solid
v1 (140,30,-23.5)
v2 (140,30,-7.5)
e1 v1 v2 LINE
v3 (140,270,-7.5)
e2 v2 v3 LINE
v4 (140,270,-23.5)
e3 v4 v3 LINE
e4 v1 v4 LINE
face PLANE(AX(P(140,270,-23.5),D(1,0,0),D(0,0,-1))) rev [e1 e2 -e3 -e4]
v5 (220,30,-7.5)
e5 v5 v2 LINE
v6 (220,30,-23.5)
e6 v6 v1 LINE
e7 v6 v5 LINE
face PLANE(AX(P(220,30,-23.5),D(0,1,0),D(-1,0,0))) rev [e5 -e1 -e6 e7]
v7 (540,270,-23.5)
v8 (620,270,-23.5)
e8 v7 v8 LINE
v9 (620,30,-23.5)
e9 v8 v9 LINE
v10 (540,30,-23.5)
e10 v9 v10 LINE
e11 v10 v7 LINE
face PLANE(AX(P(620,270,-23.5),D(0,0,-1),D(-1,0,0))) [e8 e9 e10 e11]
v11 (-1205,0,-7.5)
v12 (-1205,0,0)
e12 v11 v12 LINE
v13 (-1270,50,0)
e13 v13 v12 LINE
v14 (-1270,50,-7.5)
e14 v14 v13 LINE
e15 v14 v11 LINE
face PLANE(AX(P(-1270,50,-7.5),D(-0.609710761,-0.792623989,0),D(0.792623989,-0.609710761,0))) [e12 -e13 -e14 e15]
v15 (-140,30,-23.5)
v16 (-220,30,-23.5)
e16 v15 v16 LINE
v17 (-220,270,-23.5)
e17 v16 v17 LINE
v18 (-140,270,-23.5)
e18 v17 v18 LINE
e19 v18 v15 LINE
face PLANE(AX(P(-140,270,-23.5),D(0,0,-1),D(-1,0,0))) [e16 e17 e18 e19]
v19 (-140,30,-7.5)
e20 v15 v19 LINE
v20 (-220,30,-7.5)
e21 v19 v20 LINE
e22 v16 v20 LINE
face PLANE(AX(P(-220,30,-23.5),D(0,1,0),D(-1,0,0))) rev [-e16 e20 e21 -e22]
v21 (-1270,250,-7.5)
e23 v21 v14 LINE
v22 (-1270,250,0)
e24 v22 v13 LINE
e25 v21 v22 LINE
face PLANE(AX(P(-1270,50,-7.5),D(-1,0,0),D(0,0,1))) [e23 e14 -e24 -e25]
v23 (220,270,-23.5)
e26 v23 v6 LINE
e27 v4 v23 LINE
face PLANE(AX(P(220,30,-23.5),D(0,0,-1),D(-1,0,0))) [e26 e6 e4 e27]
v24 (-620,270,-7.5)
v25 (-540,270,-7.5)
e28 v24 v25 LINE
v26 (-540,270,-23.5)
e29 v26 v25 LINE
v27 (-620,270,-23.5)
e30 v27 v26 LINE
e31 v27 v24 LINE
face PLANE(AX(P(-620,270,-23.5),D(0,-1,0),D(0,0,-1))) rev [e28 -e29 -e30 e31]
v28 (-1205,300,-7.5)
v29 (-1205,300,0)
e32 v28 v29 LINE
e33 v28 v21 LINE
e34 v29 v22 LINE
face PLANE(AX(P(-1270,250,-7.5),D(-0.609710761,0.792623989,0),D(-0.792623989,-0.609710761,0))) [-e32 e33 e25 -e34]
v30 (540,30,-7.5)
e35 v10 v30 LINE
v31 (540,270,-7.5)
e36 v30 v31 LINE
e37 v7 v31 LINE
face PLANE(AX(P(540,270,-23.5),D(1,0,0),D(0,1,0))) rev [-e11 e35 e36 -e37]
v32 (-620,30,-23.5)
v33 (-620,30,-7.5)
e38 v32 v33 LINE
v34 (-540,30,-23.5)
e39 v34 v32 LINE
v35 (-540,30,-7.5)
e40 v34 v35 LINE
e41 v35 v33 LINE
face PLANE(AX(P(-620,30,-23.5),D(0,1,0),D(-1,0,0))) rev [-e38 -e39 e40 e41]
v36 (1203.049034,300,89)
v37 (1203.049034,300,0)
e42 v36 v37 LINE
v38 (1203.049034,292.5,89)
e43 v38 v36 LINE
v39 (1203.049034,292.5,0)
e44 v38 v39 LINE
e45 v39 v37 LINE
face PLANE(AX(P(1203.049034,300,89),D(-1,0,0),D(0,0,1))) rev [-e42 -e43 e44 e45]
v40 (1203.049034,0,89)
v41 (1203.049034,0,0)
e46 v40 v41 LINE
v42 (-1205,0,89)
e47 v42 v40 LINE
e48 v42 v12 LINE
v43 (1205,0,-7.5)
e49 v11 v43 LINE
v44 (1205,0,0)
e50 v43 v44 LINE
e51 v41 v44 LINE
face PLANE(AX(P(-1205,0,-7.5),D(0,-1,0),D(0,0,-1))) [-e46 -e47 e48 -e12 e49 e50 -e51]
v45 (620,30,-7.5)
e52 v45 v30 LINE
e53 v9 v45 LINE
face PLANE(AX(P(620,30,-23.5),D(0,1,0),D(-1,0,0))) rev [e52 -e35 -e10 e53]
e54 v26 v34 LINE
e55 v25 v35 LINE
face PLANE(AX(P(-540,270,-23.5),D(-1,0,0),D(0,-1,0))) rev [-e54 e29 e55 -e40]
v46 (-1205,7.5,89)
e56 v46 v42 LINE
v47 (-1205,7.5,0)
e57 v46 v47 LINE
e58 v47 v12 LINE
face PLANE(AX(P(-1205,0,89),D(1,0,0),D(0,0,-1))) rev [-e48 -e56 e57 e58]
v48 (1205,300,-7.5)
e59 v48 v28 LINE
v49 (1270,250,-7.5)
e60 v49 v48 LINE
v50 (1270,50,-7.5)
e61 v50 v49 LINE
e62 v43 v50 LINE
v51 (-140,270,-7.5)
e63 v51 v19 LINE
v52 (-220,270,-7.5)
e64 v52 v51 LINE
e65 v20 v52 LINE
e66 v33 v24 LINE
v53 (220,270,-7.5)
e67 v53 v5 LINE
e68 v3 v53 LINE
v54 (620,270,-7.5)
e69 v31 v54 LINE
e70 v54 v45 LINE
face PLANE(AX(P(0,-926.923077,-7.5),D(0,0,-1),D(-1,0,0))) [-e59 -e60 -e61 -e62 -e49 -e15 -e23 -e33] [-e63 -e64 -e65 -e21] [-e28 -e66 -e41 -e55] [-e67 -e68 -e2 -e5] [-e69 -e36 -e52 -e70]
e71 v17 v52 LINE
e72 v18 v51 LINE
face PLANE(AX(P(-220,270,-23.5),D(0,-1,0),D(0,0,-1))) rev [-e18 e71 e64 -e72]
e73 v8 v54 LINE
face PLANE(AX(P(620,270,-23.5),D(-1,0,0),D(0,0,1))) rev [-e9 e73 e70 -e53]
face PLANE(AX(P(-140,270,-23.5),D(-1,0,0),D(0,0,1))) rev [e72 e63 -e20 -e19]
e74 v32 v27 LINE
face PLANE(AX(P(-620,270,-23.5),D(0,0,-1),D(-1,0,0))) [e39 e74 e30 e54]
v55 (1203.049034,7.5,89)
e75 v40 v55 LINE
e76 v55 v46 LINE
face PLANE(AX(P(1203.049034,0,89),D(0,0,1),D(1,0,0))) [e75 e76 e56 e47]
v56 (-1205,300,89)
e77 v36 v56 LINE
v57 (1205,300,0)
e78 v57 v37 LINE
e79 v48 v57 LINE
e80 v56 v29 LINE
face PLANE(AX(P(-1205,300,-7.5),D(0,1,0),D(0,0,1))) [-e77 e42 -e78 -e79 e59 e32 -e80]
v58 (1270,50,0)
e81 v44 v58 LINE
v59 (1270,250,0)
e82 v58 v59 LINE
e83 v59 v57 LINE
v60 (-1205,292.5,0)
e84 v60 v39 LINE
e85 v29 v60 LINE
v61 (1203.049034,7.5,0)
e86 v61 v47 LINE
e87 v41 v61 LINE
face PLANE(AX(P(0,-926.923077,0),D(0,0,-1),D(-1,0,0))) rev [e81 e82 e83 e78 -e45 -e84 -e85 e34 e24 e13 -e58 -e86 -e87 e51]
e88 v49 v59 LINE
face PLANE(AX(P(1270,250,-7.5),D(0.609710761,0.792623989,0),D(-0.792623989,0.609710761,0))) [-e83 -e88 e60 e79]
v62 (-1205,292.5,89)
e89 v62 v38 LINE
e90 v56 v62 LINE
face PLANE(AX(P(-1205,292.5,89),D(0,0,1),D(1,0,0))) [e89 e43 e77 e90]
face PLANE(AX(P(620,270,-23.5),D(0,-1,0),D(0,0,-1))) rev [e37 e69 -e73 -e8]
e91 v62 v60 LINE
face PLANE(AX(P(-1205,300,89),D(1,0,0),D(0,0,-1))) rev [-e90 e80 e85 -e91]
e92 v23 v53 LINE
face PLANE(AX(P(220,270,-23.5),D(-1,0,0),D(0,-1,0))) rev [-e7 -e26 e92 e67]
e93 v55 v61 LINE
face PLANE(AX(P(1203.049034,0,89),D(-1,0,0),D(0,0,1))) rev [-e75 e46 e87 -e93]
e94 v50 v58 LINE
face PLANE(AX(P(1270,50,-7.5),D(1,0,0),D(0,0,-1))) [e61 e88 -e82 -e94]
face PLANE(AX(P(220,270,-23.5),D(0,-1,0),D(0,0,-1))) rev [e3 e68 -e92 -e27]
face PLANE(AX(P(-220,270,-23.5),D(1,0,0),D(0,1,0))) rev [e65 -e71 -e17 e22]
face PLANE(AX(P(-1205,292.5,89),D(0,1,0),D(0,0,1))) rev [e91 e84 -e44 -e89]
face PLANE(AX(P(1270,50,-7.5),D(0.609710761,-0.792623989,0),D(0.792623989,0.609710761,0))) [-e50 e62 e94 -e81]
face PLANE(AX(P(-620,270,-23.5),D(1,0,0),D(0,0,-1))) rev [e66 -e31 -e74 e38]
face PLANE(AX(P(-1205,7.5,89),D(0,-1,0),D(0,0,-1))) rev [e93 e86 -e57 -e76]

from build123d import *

# Parameters (mm, degrees)
EXTRUDE_589_DEPTH = 7.5
SKETCH_2_W        = 2408.049034164
SKETCH_2_H        = 7.5
EXTRUDE_1_DEPTH   = 89
SKETCH_3_W        = 80
SKETCH_3_H        = 240
EXTRUDE_2_DEPTH   = 16


with BuildPart() as part:
    # 草图1 → Extrude 589 (new body)
    with BuildSketch(Plane.XY):
        Polygon((-1205, 0), (1205, 0), (1270, 50), (1270, 250), (1205, 300), (-1205, 300), (-1270, 250), (-1270, 50), align=None)
    extrude(amount=-EXTRUDE_589_DEPTH)

    # 草图2 → 凸台-拉伸1 (add)
    with BuildSketch(Plane.XY):
        with Locations((-0.975482918, 296.25)):
            Rectangle(SKETCH_2_W, SKETCH_2_H)
        with Locations((-0.975482918, 3.75)):
            Rectangle(SKETCH_2_W, SKETCH_2_H)
    extrude(amount=EXTRUDE_1_DEPTH)

    # 草图3 → 凸台-拉伸2 (add)
    with BuildSketch(Plane(origin=(0, 0, -7.5), x_dir=(-1, 0, 0), z_dir=(0, 0, -1))):
        with Locations((-580, 150)):
            Rectangle(SKETCH_3_W, SKETCH_3_H)
        with Locations((-180, 150)):
            Rectangle(SKETCH_3_W, SKETCH_3_H)
        with Locations((180, 150)):
            Rectangle(SKETCH_3_W, SKETCH_3_H)
        with Locations((580, 150)):
            Rectangle(SKETCH_3_W, SKETCH_3_H)
    extrude(amount=EXTRUDE_2_DEPTH)


solid = part.part
